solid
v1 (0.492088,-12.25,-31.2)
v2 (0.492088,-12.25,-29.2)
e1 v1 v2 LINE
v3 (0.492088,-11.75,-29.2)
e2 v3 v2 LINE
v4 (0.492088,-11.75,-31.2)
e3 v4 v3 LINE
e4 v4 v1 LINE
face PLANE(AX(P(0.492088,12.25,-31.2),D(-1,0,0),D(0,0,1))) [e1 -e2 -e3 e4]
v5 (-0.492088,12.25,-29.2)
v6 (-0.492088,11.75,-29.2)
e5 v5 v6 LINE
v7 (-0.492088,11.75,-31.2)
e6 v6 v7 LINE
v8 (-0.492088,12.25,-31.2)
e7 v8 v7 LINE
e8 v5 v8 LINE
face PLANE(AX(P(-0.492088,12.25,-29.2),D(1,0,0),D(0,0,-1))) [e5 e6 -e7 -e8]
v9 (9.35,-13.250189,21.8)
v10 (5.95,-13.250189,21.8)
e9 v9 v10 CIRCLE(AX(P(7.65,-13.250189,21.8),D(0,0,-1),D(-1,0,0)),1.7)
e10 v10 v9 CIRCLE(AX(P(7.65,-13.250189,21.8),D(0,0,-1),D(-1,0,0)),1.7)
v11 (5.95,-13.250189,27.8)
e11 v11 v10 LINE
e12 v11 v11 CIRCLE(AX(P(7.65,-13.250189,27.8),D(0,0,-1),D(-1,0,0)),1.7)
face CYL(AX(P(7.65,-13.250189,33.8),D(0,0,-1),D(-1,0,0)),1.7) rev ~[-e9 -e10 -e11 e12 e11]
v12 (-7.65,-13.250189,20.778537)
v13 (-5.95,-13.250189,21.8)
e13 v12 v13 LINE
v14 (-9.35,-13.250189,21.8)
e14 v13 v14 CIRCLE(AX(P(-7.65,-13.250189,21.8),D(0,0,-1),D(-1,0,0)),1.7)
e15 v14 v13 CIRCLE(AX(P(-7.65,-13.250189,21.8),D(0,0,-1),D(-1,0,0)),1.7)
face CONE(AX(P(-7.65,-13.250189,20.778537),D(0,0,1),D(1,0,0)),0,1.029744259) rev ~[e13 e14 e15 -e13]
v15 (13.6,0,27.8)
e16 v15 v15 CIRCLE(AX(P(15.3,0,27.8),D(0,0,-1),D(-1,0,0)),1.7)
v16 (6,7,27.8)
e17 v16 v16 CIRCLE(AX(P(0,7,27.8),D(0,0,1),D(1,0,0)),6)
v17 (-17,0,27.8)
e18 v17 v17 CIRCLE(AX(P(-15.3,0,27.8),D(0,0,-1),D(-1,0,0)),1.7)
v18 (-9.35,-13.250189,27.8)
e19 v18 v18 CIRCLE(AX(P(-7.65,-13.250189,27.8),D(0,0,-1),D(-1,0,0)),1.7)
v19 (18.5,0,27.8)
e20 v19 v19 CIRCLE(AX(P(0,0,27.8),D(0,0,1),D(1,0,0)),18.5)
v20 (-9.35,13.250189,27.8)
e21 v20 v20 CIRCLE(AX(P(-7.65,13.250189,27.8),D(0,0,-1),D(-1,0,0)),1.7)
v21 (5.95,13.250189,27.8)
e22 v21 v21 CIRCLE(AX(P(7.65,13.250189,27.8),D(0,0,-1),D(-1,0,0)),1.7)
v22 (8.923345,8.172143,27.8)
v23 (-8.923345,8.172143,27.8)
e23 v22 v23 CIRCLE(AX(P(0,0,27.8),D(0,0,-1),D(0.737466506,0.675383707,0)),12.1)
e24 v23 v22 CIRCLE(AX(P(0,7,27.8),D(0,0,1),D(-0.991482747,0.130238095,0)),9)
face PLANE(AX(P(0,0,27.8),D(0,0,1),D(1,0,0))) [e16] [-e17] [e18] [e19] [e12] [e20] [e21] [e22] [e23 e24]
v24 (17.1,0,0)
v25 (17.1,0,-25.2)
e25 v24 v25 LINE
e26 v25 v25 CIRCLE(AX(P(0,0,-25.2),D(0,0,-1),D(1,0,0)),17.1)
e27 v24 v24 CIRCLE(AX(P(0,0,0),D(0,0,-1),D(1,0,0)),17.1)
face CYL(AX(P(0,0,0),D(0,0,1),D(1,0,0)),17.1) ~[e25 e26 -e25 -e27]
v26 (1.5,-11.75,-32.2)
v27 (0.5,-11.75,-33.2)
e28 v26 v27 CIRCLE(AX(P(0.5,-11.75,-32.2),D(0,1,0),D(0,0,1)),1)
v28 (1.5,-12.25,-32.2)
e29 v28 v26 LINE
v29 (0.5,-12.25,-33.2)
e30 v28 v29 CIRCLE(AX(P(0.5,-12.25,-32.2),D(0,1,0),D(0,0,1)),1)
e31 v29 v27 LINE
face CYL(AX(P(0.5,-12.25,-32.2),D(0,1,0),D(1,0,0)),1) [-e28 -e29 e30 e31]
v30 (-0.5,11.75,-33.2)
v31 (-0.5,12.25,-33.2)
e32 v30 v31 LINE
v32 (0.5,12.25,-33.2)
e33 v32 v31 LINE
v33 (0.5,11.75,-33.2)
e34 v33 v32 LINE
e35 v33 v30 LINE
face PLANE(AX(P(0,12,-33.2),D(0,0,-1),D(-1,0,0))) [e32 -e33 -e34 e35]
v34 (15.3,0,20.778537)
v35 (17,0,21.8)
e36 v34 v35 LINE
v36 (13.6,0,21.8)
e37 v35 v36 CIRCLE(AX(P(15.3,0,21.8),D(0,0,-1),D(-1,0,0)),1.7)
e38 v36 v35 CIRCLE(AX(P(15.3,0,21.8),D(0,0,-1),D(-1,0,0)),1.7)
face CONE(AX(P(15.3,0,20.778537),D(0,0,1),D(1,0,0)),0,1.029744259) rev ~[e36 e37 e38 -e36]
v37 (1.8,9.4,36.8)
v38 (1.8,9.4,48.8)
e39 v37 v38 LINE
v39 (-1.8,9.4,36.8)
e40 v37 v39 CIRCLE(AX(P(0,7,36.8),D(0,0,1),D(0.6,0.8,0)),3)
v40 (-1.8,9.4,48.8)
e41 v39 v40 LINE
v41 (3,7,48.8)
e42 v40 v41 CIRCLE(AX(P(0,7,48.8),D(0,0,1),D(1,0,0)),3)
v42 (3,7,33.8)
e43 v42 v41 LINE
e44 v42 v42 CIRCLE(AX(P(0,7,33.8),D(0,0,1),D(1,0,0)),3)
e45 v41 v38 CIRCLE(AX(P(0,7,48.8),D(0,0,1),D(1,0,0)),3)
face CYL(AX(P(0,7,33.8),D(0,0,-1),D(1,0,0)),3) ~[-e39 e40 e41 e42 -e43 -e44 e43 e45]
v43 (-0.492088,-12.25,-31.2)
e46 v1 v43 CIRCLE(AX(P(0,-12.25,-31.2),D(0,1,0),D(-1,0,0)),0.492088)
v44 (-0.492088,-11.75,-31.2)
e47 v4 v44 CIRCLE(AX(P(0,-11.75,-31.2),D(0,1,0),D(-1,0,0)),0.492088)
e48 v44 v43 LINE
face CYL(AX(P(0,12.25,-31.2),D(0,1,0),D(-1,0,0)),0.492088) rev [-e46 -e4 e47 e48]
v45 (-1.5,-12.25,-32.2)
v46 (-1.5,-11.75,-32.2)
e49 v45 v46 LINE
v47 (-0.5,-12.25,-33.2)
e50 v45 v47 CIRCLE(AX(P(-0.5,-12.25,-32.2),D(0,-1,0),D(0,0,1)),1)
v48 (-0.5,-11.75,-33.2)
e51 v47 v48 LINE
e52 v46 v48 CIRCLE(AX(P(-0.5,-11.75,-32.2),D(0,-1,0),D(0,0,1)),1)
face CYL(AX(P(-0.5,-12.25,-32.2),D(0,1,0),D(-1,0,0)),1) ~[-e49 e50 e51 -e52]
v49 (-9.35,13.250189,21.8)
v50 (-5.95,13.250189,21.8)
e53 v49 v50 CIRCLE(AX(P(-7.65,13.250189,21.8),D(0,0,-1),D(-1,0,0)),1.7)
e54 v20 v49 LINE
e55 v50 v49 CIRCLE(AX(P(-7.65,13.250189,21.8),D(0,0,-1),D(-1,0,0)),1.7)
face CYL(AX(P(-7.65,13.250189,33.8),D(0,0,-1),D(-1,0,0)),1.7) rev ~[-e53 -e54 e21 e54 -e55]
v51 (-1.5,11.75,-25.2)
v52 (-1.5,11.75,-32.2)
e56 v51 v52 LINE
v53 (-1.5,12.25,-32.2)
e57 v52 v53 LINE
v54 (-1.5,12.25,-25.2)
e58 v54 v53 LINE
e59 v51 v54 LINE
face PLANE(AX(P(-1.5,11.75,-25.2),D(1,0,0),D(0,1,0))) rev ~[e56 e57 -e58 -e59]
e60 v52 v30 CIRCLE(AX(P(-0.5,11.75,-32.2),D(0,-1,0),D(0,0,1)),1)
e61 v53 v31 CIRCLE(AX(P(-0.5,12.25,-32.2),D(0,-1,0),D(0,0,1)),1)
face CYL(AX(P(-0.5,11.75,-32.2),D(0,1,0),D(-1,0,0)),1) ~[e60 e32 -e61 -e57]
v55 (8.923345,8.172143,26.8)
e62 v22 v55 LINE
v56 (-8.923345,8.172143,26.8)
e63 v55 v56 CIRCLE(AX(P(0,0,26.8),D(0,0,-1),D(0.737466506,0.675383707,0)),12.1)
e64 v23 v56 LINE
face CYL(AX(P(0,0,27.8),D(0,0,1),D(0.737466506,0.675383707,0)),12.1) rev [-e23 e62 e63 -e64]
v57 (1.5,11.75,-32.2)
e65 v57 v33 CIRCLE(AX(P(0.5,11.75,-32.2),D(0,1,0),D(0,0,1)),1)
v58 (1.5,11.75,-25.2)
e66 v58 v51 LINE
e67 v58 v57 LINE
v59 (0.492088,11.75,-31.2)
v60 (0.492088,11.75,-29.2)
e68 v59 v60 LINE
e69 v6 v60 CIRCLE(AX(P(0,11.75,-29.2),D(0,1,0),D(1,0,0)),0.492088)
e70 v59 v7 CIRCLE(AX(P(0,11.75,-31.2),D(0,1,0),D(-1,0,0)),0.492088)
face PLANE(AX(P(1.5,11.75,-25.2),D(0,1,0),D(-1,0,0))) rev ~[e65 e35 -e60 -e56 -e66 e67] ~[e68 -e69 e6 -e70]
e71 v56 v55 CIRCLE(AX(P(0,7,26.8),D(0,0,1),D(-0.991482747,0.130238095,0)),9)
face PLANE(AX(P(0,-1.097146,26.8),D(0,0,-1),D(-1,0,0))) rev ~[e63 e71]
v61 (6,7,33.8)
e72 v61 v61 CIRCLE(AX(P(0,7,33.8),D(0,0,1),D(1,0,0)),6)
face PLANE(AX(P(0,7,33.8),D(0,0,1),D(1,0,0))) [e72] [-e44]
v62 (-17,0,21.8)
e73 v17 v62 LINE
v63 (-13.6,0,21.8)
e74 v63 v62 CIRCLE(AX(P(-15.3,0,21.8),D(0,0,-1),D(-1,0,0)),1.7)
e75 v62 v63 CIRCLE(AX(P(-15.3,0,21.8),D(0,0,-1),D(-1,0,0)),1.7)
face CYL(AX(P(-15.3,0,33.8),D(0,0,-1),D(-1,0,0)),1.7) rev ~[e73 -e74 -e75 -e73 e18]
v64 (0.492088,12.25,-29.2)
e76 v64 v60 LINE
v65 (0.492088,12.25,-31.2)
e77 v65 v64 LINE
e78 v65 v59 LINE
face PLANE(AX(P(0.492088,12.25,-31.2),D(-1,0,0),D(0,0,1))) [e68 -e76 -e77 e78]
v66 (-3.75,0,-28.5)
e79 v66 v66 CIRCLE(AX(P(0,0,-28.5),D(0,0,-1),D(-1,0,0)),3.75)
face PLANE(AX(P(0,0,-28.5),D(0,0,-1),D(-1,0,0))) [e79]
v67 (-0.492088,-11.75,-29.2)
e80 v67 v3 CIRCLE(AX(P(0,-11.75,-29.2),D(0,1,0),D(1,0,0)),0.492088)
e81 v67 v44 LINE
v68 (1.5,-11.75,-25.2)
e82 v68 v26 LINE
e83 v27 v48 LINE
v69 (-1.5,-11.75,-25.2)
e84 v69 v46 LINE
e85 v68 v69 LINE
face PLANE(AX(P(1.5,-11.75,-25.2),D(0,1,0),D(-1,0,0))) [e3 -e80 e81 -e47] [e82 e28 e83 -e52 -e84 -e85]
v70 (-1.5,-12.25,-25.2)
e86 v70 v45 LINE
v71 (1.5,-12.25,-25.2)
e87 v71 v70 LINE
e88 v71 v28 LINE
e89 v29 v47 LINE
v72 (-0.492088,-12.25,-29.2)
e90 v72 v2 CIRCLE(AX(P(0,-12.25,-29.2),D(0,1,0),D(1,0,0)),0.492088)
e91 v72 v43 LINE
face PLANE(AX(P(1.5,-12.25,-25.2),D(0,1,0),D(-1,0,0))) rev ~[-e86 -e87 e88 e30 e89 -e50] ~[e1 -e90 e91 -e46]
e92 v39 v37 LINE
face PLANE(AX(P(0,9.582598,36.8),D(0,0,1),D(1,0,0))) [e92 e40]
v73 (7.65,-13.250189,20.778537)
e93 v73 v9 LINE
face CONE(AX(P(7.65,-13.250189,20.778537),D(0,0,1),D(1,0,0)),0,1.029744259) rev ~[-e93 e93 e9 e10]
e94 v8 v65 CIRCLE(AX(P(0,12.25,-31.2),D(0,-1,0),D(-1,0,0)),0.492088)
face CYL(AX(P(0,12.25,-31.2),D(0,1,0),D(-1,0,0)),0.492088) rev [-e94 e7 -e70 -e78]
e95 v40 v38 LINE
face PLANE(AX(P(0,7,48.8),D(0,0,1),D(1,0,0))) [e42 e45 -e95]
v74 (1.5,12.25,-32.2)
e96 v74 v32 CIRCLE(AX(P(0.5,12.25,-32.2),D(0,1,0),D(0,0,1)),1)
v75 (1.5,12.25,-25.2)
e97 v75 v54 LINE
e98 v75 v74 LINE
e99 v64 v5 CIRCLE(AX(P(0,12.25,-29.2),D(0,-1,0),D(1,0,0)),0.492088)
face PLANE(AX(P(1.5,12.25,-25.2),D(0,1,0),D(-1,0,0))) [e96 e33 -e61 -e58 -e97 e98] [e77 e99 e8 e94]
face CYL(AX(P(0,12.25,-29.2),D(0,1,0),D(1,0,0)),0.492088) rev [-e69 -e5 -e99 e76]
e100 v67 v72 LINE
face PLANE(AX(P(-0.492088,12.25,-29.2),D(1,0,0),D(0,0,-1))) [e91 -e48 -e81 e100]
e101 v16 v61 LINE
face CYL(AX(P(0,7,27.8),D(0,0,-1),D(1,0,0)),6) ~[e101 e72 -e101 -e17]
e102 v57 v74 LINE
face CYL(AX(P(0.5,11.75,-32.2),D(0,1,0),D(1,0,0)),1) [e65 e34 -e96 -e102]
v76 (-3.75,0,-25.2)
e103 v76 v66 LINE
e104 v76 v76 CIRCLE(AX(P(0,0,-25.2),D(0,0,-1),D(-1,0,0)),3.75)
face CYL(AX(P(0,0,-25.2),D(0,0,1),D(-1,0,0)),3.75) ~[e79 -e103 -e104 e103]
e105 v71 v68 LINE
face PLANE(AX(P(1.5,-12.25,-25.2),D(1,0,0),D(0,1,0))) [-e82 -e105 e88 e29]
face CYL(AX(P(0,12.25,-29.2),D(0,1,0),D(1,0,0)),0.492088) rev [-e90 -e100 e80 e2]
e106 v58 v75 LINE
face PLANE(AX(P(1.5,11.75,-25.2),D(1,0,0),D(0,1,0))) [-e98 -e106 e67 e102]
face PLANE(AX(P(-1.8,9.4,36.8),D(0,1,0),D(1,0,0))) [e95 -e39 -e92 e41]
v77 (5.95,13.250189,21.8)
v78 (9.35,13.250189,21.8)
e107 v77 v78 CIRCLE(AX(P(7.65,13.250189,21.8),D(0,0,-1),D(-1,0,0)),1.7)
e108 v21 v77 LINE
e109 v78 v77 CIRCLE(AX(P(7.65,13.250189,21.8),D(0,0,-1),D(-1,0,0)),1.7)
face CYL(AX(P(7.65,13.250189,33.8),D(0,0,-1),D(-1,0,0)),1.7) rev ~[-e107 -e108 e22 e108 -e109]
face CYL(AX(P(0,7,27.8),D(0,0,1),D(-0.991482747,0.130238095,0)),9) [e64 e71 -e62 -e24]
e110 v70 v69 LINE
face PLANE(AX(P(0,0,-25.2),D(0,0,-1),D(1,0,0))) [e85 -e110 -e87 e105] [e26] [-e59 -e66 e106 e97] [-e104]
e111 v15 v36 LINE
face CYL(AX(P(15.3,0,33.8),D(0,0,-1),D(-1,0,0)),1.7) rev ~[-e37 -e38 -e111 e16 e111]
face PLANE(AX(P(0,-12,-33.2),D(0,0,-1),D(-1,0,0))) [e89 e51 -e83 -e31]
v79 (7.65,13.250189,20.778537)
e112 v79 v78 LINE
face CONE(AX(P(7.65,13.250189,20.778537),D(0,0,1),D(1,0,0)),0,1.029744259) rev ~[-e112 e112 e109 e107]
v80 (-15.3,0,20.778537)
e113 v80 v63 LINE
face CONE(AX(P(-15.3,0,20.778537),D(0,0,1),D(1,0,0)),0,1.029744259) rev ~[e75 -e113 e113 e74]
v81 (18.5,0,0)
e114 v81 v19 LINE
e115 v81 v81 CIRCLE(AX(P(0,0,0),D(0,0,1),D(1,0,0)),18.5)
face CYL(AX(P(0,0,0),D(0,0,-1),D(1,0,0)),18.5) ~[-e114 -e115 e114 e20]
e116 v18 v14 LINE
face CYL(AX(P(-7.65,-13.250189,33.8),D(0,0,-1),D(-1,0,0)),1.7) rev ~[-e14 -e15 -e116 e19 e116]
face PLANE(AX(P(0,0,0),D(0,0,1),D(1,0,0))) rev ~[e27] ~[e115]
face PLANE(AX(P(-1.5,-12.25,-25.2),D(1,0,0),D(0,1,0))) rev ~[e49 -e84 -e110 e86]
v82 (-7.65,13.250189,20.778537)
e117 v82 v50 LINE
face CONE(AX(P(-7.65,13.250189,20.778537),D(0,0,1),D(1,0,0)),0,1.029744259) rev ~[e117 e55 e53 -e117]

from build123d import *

# Parameters (mm, degrees)
SKETCH1_R                = 18.5
BOSS_EXTRUDE1_DEPTH      = 27.8
SKETCH2_R                = 17.1
BOSS_EXTRUDE2_DEPTH      = 25.2
SKETCH3_R                = 3.75
BOSS_EXTRUDE3_DEPTH      = 3.3
SKETCH4_R                = 6
BOSS_EXTRUDE4_DEPTH      = 6
SKETCH5_R                = 3
BOSS_EXTRUDE6_DEPTH      = 15
CUT_EXTRUDE1_START       = -12
CUT_EXTRUDE1_DEPTH       = 12
CUT_EXTRUDE2_DEPTH       = 1
M3_CLEARANCE_HOLE1_D     = 3.4
M3_CLEARANCE_HOLE1_DEPTH = 6
M3_CLEARANCE_HOLE1_TIP   = 1.021463052
SKETCH11_W               = 3
SKETCH11_H               = 0.5
BOSS_EXTRUDE7_DEPTH      = 8
FILLET1_R                = 1
CUT_EXTRUDE3_DEPTH       = 28


with BuildPart() as part:
    # Sketch1 → Boss-Extrude1 (new body)
    with BuildSketch(Plane.XY):
        Circle(SKETCH1_R)
    extrude(amount=BOSS_EXTRUDE1_DEPTH)

    # Sketch2 → Boss-Extrude2 (add)
    with BuildSketch(Plane(origin=(0, 0, 0), x_dir=(-1, 0, 0), z_dir=(0, 0, -1))):
        with Locations(Location((0, 0, 0), (0, 0, 180))):
            Circle(SKETCH2_R)
    extrude(amount=BOSS_EXTRUDE2_DEPTH)

    # Sketch3 → Boss-Extrude3 (add)
    with BuildSketch(Plane(origin=(0, 0, -25.2), x_dir=(-1, 0, 0), z_dir=(0, 0, -1))):
        Circle(SKETCH3_R)
    extrude(amount=BOSS_EXTRUDE3_DEPTH)

    # Sketch4 → Boss-Extrude4 (add)
    with BuildSketch(Plane.XY.offset(27.8)):
        with Locations((0, 7)):
            Circle(SKETCH4_R)
    extrude(amount=BOSS_EXTRUDE4_DEPTH)

    # Sketch5 → Boss-Extrude6 (add)
    with BuildSketch(Plane.XY.offset(33.8)):
        with Locations((0, 7)):
            Circle(SKETCH5_R)
    extrude(amount=BOSS_EXTRUDE6_DEPTH)

    # Sketch7 → Cut-Extrude1 (cut)
    with BuildSketch(Plane.XY.offset(48.8).offset(CUT_EXTRUDE1_START)):
        with BuildLine():
            Line((-1.8, 9.4), (1.8, 9.4))
            ThreePointArc((1.8, 9.4), (0, 10), (-1.8, 9.4))
        make_face()
    extrude(amount=CUT_EXTRUDE1_DEPTH, mode=Mode.SUBTRACT)

    # Sketch8 → Cut-Extrude2 (cut)
    with BuildSketch(Plane.XY.offset(27.8)):
        with BuildLine():
            ThreePointArc((8.923344727, 8.172142857), (0, -12.1), (-8.923344727, 8.172142857))
            ThreePointArc((-8.923344727, 8.172142857), (0, -2), (8.923344727, 8.172142857))
        make_face()
    extrude(amount=-CUT_EXTRUDE2_DEPTH, mode=Mode.SUBTRACT)

    # M3 Clearance Hole1
    with Locations(Plane.XY.offset(27.8)):
        with Locations((7.65, -13.250188678), (-7.65, -13.250188678), (-15.3, 0), (-7.65, 13.250188678), (15.3, 0), (7.65, 13.250188678)):
            Hole(M3_CLEARANCE_HOLE1_D / 2, depth=M3_CLEARANCE_HOLE1_DEPTH)
            with Locations((0, 0, -(M3_CLEARANCE_HOLE1_DEPTH + M3_CLEARANCE_HOLE1_TIP / 2))):  # 118° drill point
                Cone(0, M3_CLEARANCE_HOLE1_D / 2, M3_CLEARANCE_HOLE1_TIP, mode=Mode.SUBTRACT)

    # Sketch11 → Boss-Extrude7 (add)
    with BuildSketch(Plane(origin=(0, 0, -25.2), x_dir=(-1, 0, 0), z_dir=(0, 0, -1))):
        with Locations((0, 12)):
            Rectangle(SKETCH11_W, SKETCH11_H)
        with Locations((0, -12)):
            Rectangle(SKETCH11_W, SKETCH11_H)
    extrude(amount=BOSS_EXTRUDE7_DEPTH)

    # Fillet1
    fillet1_edges = [part.edges().sort_by_distance(p)[0] for p in [
        (-1.5, 12, -33.2),
        (1.5, 12, -33.2),
        (-1.5, -12, -33.2),
        (1.5, -12, -33.2),
    ]]
    fillet(fillet1_edges, radius=FILLET1_R)

    # Sketch12 → Cut-Extrude3 (cut)
    with BuildSketch(Plane(origin=(0, 12.25, 0), x_dir=(1, 0, 0), z_dir=(0, 1, 0))):
        with BuildLine():
            Line((0.492088327, 31.2), (0.492088327, 29.2))
            ThreePointArc((0.492088327, 29.2), (0, 28.707911673), (-0.492088327, 29.2))
            Line((-0.492088327, 29.2), (-0.492088327, 31.2))
            ThreePointArc((-0.492088327, 31.2), (0, 31.692088327), (0.492088327, 31.2))
        make_face()
    extrude(amount=-CUT_EXTRUDE3_DEPTH, mode=Mode.SUBTRACT)


solid = part.part
